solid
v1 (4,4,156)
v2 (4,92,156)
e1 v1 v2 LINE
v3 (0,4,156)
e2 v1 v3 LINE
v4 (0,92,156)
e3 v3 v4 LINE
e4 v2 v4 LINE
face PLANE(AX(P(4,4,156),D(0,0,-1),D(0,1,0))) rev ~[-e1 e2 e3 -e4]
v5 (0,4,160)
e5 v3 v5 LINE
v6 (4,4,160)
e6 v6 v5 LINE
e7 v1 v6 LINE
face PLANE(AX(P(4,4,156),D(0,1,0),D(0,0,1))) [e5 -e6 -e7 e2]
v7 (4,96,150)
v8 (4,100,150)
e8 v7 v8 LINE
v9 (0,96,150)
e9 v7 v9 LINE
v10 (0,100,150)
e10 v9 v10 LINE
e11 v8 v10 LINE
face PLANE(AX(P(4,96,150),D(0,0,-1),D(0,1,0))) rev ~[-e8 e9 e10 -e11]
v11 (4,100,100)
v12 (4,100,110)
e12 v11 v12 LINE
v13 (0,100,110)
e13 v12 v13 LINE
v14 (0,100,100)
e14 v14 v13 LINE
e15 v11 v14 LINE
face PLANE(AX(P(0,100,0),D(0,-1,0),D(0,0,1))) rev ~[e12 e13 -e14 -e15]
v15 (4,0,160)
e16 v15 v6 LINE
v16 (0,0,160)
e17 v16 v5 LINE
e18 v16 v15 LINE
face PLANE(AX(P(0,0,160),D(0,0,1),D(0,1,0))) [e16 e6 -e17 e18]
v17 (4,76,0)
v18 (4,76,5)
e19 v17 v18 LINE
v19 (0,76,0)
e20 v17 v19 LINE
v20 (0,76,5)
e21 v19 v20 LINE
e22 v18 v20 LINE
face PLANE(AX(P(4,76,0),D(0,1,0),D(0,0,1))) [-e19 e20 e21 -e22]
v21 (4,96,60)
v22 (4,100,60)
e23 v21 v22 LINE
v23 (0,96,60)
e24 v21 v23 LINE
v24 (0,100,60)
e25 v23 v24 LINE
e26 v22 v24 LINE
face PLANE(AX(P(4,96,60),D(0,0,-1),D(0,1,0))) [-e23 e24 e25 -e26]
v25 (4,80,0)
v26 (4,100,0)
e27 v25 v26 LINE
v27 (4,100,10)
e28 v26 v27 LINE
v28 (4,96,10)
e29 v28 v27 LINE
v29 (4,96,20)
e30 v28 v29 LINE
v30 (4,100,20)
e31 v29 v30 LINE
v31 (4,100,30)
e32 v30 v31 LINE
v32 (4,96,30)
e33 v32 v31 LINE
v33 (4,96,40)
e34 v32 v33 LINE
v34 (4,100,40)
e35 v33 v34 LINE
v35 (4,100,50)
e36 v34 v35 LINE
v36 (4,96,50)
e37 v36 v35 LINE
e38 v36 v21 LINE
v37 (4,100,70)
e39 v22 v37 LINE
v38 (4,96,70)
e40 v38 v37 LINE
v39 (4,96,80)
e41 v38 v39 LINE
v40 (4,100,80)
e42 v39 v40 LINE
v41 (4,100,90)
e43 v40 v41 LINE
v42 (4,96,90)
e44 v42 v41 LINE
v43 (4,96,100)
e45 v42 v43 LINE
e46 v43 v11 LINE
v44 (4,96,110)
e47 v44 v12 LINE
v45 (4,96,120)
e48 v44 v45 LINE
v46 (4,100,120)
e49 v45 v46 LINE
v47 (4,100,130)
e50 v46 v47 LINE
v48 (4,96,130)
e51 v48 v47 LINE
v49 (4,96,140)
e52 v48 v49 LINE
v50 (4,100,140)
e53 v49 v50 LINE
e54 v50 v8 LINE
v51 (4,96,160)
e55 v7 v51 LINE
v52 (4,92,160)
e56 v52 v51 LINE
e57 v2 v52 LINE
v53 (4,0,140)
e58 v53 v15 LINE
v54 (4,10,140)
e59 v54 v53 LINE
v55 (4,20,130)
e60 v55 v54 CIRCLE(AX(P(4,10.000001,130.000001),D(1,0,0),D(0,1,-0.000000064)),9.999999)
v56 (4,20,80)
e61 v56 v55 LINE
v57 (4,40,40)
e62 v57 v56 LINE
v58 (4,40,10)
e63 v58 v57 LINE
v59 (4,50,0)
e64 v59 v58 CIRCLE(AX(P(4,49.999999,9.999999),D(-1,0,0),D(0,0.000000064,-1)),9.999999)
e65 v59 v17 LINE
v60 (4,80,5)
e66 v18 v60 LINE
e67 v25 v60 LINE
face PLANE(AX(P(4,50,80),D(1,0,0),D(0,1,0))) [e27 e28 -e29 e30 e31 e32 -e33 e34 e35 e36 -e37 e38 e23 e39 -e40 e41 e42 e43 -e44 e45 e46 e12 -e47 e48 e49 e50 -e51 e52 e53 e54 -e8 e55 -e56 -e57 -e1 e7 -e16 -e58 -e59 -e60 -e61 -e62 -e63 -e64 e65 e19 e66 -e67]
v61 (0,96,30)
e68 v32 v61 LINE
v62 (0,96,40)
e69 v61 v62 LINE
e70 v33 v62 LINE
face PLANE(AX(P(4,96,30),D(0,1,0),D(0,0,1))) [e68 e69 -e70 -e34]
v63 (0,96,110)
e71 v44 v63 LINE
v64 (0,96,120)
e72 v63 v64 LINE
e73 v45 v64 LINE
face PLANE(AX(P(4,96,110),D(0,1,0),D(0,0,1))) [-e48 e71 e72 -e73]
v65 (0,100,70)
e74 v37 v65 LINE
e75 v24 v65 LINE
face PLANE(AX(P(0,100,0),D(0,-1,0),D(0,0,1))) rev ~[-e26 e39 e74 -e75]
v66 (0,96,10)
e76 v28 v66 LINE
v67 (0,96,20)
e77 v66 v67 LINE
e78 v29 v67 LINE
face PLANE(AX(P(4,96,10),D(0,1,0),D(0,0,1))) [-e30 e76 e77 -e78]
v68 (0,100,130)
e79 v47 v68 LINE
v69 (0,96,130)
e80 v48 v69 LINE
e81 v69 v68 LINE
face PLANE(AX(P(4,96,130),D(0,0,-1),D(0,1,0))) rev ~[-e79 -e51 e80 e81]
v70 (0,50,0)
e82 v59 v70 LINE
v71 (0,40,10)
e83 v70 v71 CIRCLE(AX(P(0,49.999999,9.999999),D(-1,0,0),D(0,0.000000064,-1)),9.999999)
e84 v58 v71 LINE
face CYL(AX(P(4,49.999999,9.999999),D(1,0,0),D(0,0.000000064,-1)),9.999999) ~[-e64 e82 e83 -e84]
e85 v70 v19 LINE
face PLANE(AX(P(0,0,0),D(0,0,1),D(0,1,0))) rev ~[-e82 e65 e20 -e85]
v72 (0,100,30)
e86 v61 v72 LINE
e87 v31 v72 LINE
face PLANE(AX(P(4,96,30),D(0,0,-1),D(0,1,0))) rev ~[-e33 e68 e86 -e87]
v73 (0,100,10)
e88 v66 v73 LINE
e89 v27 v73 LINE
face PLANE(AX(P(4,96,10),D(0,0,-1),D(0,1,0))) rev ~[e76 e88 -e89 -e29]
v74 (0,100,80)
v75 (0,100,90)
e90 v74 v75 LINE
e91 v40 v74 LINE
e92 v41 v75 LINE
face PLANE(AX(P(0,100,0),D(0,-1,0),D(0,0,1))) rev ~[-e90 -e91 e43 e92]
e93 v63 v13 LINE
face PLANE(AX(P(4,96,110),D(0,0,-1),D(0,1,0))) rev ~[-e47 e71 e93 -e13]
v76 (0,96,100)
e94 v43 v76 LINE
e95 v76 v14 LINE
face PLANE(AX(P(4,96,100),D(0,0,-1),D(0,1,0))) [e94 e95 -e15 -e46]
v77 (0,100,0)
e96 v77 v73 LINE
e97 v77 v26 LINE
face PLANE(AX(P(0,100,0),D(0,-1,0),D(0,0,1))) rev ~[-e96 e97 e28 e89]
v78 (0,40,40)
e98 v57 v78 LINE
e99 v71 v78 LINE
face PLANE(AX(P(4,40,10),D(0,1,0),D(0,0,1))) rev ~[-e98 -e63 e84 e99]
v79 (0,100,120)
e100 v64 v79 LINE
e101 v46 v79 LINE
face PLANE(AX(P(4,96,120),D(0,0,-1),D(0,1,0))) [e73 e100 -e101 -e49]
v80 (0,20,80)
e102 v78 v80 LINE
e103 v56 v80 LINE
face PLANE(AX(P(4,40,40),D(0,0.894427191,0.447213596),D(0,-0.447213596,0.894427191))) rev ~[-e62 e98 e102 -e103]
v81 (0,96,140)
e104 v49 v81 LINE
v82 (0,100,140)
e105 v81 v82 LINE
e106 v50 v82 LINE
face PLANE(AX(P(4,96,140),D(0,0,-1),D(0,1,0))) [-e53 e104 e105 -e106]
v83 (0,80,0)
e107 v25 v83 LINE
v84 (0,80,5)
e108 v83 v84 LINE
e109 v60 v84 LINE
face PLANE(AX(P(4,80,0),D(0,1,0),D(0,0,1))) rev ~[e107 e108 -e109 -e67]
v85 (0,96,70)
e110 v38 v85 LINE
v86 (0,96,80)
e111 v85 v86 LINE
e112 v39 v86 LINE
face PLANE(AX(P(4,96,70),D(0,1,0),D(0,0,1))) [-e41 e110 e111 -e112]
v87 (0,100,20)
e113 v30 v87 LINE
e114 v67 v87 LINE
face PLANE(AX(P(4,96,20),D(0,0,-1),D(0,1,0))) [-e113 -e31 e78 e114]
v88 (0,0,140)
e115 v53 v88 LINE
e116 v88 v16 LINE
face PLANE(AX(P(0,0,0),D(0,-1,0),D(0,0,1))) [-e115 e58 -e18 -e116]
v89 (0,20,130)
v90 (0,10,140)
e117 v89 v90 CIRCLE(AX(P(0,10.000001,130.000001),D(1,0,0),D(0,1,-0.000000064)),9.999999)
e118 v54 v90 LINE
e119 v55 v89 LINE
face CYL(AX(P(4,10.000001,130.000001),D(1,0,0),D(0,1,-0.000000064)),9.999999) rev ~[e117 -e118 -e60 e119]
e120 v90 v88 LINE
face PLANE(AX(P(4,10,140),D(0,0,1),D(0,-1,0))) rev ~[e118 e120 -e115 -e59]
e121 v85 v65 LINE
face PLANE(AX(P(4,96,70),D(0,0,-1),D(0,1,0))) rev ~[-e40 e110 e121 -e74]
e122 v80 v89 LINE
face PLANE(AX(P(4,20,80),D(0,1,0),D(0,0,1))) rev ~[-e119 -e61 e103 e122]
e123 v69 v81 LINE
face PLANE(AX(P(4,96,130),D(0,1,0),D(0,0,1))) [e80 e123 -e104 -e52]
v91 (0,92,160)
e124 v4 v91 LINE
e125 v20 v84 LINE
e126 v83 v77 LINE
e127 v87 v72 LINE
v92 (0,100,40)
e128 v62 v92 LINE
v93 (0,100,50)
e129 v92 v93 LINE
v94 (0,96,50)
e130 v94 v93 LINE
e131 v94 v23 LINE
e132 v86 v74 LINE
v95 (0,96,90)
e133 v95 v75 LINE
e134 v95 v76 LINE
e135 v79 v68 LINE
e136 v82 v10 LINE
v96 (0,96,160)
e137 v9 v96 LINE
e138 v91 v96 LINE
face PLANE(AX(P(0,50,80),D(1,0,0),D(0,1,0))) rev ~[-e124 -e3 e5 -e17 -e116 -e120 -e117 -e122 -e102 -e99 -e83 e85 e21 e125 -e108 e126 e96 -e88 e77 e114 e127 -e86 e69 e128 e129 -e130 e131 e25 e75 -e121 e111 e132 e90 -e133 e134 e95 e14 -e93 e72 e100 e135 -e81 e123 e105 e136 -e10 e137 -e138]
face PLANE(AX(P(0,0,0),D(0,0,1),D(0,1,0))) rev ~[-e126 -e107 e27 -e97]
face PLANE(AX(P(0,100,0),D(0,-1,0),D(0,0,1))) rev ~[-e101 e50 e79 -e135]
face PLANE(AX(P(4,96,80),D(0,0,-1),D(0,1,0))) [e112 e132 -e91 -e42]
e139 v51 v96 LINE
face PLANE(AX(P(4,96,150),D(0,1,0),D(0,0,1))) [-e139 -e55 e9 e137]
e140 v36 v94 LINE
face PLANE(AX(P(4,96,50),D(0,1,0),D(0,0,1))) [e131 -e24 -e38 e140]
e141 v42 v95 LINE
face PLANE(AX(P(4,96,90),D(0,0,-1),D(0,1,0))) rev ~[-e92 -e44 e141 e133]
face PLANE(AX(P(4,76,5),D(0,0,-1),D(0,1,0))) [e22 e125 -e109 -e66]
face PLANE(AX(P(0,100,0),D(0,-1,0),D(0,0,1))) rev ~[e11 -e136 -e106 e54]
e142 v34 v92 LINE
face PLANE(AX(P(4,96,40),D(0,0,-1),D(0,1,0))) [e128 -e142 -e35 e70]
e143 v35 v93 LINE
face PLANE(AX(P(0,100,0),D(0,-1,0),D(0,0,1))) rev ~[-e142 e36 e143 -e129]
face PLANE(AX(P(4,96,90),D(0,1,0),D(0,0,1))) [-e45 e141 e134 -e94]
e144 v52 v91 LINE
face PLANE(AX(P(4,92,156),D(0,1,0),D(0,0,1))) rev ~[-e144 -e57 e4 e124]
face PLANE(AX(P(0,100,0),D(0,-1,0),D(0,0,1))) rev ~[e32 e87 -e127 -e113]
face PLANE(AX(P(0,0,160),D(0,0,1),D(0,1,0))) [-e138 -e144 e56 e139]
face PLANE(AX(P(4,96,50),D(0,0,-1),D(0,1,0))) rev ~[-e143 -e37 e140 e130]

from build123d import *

# Parameters (mm, degrees)
F0_W     = 100
F0_H     = 160
F1_DEPTH = 4
F2_W     = 4
F2_H     = 10
F3_DEPTH = 4
F4_W     = 4
F4_H     = 5
F4_W_2   = 88
F4_H_2   = 4
F5_DEPTH = 4
F7_DEPTH = 4


with BuildPart() as f1:
    # F0 (on Right) → F1 (new body)
    with BuildSketch(Plane.YZ):
        with Locations((50, 80)):
            Rectangle(F0_W, F0_H)
    extrude(amount=F1_DEPTH)

    # F2 (on face) → F3 (cut, through all)
    with BuildSketch(Plane.YZ.offset(4)):
        with Locations((98, 155)):
            Rectangle(F2_W, F2_H)
        with Locations((98, 135)):
            Rectangle(F2_W, F2_H)
        with Locations((98, 115)):
            Rectangle(F2_W, F2_H)
        with Locations((98, 95)):
            Rectangle(F2_W, F2_H)
        with Locations((98, 75)):
            Rectangle(F2_W, F2_H)
        with Locations((98, 55)):
            Rectangle(F2_W, F2_H)
        with Locations((98, 35)):
            Rectangle(F2_W, F2_H)
        with Locations((98, 15)):
            Rectangle(F2_W, F2_H)
    extrude(amount=-F3_DEPTH, mode=Mode.SUBTRACT)

    # F4 (on face) → F5 (cut, through all)
    with BuildSketch(Plane.YZ.offset(4)):
        with Locations((78, 2.5)):
            Rectangle(F4_W, F4_H)
        with Locations((48, 158)):
            Rectangle(F4_W_2, F4_H_2)
    extrude(amount=-F5_DEPTH, mode=Mode.SUBTRACT)

    # F6 (on face) → F7 (cut, through all)
    with BuildSketch(Plane.YZ.offset(4)):
        with BuildLine():
            Line((10, 140), (0, 140))
            Line((0, 140), (0, 0))
            Line((0, 0), (40, 0))
            Line((40, 0), (40, 10))
            Line((40, 10), (40, 40))
            Line((40, 40), (20, 80))
            Line((20, 80), (20, 130))
            ThreePointArc((20, 130), (17.071068, 137.071068), (10, 140))
        make_face()
        with BuildLine():
            Line((40, 10), (40, 0))
            Line((40, 0), (50, 0))
            ThreePointArc((50, 0), (42.928932, 2.928932), (40, 10))
        make_face()
    extrude(amount=-F7_DEPTH, mode=Mode.SUBTRACT)


solid = f1.part
